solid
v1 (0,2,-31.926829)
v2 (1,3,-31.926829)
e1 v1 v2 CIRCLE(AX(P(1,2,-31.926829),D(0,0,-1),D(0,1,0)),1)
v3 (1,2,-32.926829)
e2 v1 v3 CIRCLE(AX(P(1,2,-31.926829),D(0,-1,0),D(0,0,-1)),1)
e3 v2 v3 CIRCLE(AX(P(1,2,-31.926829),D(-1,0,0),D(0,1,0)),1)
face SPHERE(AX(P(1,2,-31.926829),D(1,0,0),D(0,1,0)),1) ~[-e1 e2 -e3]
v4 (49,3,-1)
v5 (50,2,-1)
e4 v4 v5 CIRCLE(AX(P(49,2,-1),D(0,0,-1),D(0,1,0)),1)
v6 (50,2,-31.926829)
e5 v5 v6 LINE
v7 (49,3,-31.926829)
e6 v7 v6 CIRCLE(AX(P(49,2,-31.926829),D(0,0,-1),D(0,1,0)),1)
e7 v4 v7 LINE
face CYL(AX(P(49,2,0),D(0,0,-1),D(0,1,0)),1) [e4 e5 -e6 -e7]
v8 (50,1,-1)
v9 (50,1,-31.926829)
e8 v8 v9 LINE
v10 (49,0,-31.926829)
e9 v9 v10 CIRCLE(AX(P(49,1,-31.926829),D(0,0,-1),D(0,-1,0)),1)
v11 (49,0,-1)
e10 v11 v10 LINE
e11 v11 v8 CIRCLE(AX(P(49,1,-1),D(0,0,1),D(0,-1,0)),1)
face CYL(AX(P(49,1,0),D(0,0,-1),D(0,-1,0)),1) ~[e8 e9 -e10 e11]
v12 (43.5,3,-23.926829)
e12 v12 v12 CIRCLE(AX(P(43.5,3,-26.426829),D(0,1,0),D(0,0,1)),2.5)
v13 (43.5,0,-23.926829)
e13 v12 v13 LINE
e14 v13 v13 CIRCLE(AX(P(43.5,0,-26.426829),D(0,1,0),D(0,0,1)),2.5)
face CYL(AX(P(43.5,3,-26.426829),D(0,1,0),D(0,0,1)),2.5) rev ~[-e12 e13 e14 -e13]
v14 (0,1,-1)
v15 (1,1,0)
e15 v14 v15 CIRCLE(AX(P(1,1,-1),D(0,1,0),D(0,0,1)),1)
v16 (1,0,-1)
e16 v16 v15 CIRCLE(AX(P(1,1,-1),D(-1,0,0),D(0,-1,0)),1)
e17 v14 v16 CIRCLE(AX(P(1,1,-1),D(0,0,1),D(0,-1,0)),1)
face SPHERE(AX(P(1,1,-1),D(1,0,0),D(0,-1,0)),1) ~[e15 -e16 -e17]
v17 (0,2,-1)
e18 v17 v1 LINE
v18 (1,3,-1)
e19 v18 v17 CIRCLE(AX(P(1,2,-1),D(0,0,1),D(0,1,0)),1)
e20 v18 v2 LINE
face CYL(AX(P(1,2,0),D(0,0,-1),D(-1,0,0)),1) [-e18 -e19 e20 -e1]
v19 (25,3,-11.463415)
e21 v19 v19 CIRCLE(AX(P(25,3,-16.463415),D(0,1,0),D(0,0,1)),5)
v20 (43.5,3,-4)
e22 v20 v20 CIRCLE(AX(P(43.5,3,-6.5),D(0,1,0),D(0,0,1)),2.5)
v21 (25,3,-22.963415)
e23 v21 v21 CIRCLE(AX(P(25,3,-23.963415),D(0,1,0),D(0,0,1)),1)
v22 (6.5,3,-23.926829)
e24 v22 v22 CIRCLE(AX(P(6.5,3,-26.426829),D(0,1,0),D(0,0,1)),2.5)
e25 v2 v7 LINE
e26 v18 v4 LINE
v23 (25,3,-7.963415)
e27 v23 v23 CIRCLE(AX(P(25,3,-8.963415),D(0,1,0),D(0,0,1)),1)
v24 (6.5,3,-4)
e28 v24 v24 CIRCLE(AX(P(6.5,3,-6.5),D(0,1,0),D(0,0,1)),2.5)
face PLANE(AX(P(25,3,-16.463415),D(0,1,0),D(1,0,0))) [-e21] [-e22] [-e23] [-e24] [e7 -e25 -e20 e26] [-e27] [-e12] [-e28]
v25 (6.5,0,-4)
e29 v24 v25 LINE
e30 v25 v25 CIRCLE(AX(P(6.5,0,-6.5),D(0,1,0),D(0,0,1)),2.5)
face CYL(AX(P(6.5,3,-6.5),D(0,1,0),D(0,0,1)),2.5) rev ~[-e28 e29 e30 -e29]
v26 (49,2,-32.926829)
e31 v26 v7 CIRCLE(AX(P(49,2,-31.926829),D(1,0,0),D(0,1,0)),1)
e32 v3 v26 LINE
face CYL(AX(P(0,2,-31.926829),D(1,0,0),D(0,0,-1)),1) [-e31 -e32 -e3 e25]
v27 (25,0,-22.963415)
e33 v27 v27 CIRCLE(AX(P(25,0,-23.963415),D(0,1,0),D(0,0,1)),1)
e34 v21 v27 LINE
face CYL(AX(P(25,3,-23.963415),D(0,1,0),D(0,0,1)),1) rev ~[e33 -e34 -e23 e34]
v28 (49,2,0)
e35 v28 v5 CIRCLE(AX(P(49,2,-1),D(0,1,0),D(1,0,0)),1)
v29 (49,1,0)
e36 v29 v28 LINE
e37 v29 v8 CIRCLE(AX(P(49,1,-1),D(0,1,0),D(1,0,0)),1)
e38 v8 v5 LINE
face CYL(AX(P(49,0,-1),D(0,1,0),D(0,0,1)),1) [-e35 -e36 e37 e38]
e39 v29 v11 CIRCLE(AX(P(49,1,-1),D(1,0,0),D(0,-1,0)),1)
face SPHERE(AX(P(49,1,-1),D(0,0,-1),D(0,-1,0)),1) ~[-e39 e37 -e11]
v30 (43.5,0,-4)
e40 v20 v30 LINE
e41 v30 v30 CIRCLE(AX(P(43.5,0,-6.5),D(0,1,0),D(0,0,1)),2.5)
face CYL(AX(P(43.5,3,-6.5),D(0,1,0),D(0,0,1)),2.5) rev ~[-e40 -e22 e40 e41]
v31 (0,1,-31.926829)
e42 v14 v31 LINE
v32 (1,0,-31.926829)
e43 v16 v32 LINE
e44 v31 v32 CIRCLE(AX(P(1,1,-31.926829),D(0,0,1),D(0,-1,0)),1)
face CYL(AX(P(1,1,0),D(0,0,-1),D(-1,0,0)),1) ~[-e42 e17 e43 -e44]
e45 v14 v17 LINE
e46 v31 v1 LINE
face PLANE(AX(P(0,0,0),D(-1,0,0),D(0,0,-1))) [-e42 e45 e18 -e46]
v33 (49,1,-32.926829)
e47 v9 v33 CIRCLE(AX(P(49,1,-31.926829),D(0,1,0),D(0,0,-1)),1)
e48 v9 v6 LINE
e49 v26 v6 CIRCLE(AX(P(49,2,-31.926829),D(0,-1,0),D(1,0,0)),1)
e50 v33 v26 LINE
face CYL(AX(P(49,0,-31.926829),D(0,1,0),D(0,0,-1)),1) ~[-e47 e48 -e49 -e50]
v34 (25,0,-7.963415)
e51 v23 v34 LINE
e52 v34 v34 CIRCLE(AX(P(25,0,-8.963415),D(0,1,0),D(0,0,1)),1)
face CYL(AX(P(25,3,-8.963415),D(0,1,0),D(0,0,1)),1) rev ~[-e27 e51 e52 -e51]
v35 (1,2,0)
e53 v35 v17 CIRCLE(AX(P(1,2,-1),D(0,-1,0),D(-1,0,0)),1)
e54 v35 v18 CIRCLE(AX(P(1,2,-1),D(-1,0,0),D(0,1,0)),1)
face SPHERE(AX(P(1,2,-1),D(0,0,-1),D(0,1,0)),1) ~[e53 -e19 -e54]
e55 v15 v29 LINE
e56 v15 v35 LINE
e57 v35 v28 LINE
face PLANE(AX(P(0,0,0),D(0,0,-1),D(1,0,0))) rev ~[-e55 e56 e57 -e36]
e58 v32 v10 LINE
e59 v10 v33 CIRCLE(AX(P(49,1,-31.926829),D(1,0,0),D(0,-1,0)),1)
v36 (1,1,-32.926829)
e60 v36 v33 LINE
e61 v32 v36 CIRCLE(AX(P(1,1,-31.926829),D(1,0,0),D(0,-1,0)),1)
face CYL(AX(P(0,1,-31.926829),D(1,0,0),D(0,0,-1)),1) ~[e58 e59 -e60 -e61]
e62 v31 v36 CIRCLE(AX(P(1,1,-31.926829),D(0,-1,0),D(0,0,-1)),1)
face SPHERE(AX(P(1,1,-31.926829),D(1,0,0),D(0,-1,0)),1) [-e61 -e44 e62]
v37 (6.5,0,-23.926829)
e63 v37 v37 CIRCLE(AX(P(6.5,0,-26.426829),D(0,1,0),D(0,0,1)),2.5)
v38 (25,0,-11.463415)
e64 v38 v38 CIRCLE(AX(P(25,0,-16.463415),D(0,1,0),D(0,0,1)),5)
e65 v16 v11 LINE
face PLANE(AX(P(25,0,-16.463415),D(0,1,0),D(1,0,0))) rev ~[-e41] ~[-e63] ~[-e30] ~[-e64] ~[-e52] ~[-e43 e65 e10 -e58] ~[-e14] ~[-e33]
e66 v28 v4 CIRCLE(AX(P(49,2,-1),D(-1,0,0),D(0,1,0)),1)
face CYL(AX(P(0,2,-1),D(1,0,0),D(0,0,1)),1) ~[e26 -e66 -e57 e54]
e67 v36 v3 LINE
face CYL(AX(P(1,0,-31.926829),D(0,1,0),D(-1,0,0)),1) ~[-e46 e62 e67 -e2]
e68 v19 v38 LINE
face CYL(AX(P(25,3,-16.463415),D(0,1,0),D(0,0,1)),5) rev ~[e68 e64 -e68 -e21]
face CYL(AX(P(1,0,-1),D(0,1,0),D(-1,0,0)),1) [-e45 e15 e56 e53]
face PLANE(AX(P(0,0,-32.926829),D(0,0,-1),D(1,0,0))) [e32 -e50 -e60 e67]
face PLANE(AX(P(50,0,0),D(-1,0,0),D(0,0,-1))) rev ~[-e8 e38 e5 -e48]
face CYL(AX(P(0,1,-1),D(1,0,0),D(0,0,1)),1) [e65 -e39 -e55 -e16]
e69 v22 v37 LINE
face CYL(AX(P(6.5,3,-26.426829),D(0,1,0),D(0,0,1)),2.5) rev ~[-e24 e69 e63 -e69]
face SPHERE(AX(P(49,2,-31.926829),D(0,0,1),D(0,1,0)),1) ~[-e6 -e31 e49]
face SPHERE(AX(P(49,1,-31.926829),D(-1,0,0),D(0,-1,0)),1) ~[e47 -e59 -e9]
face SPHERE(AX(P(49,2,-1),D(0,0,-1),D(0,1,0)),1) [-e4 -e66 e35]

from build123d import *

# Parameters (mm, degrees)
SKETCH1_W           = 50
SKETCH1_H           = 32.926829268
BOSS_EXTRUDE1_DEPTH = 3
CUT_EXTRUDE1_REACH  = 61.943
SKETCH2_R           = 1
SKETCH2_R_2         = 5
CUT_EXTRUDE2_REACH  = 61.943
SKETCH3_R           = 2.5
FILLET1_R           = 1


with BuildPart() as part:
    # Sketch1 → Boss-Extrude1 (new body)
    with BuildSketch(Plane(origin=(0, 0, 0), x_dir=(1, 0, 0), z_dir=(0, 1, 0))):
        with Locations((25, 16.463414634)):
            Rectangle(SKETCH1_W, SKETCH1_H)
    extrude(amount=BOSS_EXTRUDE1_DEPTH)

    # Sketch2 → Cut-Extrude1 (cut, up to next)
    with BuildSketch(Plane(origin=(0, 3, 0), x_dir=(1, 0, 0), z_dir=(0, 1, 0)), mode=Mode.PRIVATE) as cut_extrude1_sk1:
        with Locations(Location((25, 8.963414634, 0), (0, 0, 270))):
            Circle(SKETCH2_R)
    cut_extrude1_tool1 = extrude(cut_extrude1_sk1.sketch, amount=-CUT_EXTRUDE1_REACH, mode=Mode.PRIVATE) & part.part
    # Sketch2 → Cut-Extrude1 (cut, up to next)
    with BuildSketch(Plane(origin=(0, 3, 0), x_dir=(1, 0, 0), z_dir=(0, 1, 0)), mode=Mode.PRIVATE) as cut_extrude1_sk2:
        with Locations(Location((25, 16.463414634, 0), (0, 0, 270))):
            Circle(SKETCH2_R_2)
    cut_extrude1_tool2 = extrude(cut_extrude1_sk2.sketch, amount=-CUT_EXTRUDE1_REACH, mode=Mode.PRIVATE) & part.part
    # Sketch2 → Cut-Extrude1 (cut, up to next)
    with BuildSketch(Plane(origin=(0, 3, 0), x_dir=(1, 0, 0), z_dir=(0, 1, 0)), mode=Mode.PRIVATE) as cut_extrude1_sk3:
        with Locations(Location((25, 23.963414634, 0), (0, 0, 270))):
            Circle(SKETCH2_R)
    cut_extrude1_tool3 = extrude(cut_extrude1_sk3.sketch, amount=-CUT_EXTRUDE1_REACH, mode=Mode.PRIVATE) & part.part
    add(cut_extrude1_tool1.solids().sort_by_distance((25, 3, -8.963415))[0], mode=Mode.SUBTRACT)
    add(cut_extrude1_tool2.solids().sort_by_distance((25, 3, -16.463415))[0], mode=Mode.SUBTRACT)
    add(cut_extrude1_tool3.solids().sort_by_distance((25, 3, -23.963415))[0], mode=Mode.SUBTRACT)

    # Sketch3 → Cut-Extrude2 (cut, up to next)
    with BuildSketch(Plane(origin=(0, 3, 0), x_dir=(1, 0, 0), z_dir=(0, 1, 0)), mode=Mode.PRIVATE) as cut_extrude2_sk1:
        with Locations(Location((43.5, 6.5, 0), (0, 0, 270))):
            Circle(SKETCH3_R)
    cut_extrude2_tool1 = extrude(cut_extrude2_sk1.sketch, amount=-CUT_EXTRUDE2_REACH, mode=Mode.PRIVATE) & part.part
    # Sketch3 → Cut-Extrude2 (cut, up to next)
    with BuildSketch(Plane(origin=(0, 3, 0), x_dir=(1, 0, 0), z_dir=(0, 1, 0)), mode=Mode.PRIVATE) as cut_extrude2_sk2:
        with Locations(Location((43.5, 26.426829268, 0), (0, 0, 270))):
            Circle(SKETCH3_R)
    cut_extrude2_tool2 = extrude(cut_extrude2_sk2.sketch, amount=-CUT_EXTRUDE2_REACH, mode=Mode.PRIVATE) & part.part
    # Sketch3 → Cut-Extrude2 (cut, up to next)
    with BuildSketch(Plane(origin=(0, 3, 0), x_dir=(1, 0, 0), z_dir=(0, 1, 0)), mode=Mode.PRIVATE) as cut_extrude2_sk3:
        with Locations(Location((6.5, 26.426829268, 0), (0, 0, 270))):
            Circle(SKETCH3_R)
    cut_extrude2_tool3 = extrude(cut_extrude2_sk3.sketch, amount=-CUT_EXTRUDE2_REACH, mode=Mode.PRIVATE) & part.part
    # Sketch3 → Cut-Extrude2 (cut, up to next)
    with BuildSketch(Plane(origin=(0, 3, 0), x_dir=(1, 0, 0), z_dir=(0, 1, 0)), mode=Mode.PRIVATE) as cut_extrude2_sk4:
        with Locations(Location((6.5, 6.5, 0), (0, 0, 270))):
            Circle(SKETCH3_R)
    cut_extrude2_tool4 = extrude(cut_extrude2_sk4.sketch, amount=-CUT_EXTRUDE2_REACH, mode=Mode.PRIVATE) & part.part
    add(cut_extrude2_tool1.solids().sort_by_distance((43.5, 3, -6.5))[0], mode=Mode.SUBTRACT)
    add(cut_extrude2_tool2.solids().sort_by_distance((43.5, 3, -26.426829))[0], mode=Mode.SUBTRACT)
    add(cut_extrude2_tool3.solids().sort_by_distance((6.5, 3, -26.426829))[0], mode=Mode.SUBTRACT)
    add(cut_extrude2_tool4.solids().sort_by_distance((6.5, 3, -6.5))[0], mode=Mode.SUBTRACT)

    # Fillet1
    fillet1_edges = [part.edges().sort_by_distance(p)[0] for p in [
        (50, 3, -16.463414634),
        (25, 3, -32.926829268),
        (0, 3, -16.463414634),
        (25, 0, -32.926829268),
        (50, 0, -16.463414634),
        (25, 0, 0),
        (0, 0, -16.463414634),
        (25, 3, 0),
        (0, 1.5, -32.926829268),
        (50, 1.5, -32.926829268),
        (50, 1.5, 0),
        (0, 1.5, 0),
    ]]
    fillet(fillet1_edges, radius=FILLET1_R)


solid = part.part
